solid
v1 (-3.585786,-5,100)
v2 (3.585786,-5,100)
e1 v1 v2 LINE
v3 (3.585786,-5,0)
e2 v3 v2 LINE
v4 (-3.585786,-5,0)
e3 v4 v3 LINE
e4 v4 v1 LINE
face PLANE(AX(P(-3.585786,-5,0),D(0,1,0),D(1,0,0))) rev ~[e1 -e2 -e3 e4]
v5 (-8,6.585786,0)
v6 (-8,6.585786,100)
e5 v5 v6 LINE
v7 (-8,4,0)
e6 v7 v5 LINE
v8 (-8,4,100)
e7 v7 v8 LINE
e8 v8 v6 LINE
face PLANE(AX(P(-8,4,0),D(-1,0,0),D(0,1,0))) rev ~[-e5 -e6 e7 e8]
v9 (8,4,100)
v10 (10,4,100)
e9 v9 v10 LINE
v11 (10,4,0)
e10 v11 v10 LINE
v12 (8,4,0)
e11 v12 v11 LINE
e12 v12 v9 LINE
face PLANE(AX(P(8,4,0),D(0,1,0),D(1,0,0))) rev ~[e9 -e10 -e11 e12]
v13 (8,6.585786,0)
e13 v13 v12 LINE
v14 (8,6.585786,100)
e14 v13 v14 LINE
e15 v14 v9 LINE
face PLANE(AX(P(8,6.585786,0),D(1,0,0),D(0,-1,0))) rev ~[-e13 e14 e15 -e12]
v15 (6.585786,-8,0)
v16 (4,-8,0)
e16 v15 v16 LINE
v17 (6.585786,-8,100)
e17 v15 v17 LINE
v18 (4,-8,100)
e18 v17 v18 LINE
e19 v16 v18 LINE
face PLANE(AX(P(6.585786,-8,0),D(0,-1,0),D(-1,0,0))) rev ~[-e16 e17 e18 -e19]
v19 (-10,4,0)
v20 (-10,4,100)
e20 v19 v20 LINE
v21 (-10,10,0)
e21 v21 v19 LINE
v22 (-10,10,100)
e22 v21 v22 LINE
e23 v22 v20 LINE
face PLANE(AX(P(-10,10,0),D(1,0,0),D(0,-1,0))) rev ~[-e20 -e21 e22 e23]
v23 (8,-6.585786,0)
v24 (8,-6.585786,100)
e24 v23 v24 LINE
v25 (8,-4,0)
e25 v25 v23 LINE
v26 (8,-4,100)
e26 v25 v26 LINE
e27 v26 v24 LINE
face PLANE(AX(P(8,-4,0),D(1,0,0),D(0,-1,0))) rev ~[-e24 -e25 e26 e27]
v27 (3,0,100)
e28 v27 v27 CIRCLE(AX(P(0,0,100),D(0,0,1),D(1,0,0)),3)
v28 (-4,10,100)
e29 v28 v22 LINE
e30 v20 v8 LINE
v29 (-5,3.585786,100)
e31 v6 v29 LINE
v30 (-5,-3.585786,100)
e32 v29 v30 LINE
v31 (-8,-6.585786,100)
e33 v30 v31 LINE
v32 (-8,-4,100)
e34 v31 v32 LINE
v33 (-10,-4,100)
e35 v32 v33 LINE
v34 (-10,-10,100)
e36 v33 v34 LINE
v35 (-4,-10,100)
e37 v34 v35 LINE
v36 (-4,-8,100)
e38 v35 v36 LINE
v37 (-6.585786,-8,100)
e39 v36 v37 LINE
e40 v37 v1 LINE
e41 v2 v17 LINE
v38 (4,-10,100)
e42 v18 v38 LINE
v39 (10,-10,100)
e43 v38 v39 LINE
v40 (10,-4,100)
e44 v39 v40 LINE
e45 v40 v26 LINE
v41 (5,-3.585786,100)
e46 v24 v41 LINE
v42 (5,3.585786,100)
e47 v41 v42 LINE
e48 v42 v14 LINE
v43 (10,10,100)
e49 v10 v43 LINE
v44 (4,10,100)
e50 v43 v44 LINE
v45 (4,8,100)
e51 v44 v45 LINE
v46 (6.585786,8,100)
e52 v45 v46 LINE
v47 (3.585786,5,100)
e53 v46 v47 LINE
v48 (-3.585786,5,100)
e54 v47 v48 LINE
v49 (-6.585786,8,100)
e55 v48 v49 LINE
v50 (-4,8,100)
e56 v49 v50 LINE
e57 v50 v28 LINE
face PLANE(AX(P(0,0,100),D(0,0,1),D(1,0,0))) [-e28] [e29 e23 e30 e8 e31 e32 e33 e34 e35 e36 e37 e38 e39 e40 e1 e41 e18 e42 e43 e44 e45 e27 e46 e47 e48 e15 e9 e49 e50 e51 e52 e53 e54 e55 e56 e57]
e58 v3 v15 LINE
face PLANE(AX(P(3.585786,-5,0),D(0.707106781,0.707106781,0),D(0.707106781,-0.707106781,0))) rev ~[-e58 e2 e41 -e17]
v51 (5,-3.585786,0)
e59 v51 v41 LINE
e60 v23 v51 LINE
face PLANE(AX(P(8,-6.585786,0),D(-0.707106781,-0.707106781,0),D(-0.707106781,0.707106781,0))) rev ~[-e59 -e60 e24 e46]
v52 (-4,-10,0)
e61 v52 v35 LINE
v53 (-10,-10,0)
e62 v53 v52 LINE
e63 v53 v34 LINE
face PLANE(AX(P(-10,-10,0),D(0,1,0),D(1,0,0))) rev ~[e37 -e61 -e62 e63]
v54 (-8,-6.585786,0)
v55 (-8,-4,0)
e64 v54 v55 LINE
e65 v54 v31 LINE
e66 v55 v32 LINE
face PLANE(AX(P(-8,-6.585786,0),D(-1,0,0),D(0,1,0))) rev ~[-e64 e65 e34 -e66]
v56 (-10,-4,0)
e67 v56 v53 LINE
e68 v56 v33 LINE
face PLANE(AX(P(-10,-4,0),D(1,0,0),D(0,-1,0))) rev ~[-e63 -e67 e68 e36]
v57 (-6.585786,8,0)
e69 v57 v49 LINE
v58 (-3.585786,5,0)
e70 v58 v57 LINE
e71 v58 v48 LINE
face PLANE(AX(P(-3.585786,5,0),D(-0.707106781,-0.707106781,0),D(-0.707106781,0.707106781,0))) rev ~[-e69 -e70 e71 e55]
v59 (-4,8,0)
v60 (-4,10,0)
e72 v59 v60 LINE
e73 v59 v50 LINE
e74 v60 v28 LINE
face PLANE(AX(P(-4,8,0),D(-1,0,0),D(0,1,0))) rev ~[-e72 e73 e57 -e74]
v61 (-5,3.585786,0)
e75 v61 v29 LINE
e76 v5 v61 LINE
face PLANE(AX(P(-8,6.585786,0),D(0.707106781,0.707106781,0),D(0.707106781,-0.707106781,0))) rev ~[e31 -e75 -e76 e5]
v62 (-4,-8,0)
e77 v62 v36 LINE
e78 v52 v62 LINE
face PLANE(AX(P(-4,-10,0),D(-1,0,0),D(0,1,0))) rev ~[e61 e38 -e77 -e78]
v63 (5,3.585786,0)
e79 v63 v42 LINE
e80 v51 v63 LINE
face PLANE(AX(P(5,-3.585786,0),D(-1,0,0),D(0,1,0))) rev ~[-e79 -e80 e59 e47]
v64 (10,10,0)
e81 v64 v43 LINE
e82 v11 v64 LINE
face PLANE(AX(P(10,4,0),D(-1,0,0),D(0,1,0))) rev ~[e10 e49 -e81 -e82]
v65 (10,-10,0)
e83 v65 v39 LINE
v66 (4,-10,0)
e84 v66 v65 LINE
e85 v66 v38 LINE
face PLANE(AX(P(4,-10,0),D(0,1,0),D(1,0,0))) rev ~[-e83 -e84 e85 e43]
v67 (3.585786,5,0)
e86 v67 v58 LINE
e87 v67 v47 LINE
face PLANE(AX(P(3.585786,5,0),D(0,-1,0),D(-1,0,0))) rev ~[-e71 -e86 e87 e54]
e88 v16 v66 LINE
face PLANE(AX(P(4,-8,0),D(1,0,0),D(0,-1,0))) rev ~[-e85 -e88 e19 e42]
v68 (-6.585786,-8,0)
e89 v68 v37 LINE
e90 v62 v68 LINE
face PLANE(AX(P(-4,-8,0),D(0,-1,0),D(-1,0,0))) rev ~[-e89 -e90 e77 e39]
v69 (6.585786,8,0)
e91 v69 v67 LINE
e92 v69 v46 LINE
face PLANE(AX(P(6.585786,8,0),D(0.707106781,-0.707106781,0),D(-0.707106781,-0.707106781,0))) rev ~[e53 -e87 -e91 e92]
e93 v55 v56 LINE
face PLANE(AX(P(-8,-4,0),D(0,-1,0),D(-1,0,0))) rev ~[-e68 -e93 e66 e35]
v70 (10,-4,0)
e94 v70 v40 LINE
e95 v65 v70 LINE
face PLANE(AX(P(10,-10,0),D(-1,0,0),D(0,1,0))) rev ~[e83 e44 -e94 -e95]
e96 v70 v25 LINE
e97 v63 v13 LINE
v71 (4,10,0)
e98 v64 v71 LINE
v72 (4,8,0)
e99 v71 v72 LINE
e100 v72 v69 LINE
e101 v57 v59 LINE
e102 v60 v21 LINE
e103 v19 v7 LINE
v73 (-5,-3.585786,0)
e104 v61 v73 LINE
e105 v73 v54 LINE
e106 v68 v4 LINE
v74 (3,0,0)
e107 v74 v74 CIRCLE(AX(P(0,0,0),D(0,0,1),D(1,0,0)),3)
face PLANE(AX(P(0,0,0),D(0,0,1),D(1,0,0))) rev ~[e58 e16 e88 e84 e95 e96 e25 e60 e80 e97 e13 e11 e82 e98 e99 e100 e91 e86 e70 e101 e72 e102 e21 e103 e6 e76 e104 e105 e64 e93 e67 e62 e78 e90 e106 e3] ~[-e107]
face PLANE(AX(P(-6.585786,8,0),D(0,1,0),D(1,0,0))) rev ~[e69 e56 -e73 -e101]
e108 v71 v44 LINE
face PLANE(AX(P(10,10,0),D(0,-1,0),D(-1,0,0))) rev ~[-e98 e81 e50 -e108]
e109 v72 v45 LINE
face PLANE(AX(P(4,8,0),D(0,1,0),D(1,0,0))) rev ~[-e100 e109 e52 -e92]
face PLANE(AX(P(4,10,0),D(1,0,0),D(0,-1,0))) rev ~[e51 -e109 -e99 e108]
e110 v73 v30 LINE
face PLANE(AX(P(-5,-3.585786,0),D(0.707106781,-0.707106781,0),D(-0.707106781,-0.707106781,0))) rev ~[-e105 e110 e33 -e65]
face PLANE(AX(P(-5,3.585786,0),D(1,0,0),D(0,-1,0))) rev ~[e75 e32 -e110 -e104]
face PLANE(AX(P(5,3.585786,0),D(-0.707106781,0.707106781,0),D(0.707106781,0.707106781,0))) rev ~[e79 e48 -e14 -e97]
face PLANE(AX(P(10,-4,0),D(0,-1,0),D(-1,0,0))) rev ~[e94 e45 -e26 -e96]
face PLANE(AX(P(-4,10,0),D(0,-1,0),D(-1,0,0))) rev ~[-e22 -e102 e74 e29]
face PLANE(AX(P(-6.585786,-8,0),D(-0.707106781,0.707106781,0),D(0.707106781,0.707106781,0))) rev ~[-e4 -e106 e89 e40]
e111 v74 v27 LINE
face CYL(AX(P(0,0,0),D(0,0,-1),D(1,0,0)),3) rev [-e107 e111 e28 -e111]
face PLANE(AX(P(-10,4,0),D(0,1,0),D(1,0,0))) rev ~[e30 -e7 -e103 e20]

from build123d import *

# Parameters (mm, degrees)
SKETCH_1_R      = 3
EXTRUDE_1_DEPTH = 100


with BuildPart() as part:
    # 草图1 → 凸台-拉伸1 (new body)
    with BuildSketch(Plane.XY):
        Polygon((-10, 4), (-8, 4), (-8, 6.585786438), (-5, 3.585786438), (-5, -3.585786438), (-8, -6.585786438), (-8, -4), (-10, -4), (-10, -10), (-4, -10), (-4, -8), (-6.585786438, -8), (-3.585786438, -5), (3.585786438, -5), (6.585786438, -8), (4, -8), (4, -10), (10, -10), (10, -4), (8, -4), (8, -6.585786438), (5, -3.585786438), (5, 3.585786438), (8, 6.585786438), (8, 4), (10, 4), (10, 10), (4, 10), (4, 8), (6.585786438, 8), (3.585786438, 5), (-3.585786438, 5), (-6.585786438, 8), (-4, 8), (-4, 10), (-10, 10), align=None)
        Circle(SKETCH_1_R, mode=Mode.SUBTRACT)
    extrude(amount=EXTRUDE_1_DEPTH)


solid = part.part
